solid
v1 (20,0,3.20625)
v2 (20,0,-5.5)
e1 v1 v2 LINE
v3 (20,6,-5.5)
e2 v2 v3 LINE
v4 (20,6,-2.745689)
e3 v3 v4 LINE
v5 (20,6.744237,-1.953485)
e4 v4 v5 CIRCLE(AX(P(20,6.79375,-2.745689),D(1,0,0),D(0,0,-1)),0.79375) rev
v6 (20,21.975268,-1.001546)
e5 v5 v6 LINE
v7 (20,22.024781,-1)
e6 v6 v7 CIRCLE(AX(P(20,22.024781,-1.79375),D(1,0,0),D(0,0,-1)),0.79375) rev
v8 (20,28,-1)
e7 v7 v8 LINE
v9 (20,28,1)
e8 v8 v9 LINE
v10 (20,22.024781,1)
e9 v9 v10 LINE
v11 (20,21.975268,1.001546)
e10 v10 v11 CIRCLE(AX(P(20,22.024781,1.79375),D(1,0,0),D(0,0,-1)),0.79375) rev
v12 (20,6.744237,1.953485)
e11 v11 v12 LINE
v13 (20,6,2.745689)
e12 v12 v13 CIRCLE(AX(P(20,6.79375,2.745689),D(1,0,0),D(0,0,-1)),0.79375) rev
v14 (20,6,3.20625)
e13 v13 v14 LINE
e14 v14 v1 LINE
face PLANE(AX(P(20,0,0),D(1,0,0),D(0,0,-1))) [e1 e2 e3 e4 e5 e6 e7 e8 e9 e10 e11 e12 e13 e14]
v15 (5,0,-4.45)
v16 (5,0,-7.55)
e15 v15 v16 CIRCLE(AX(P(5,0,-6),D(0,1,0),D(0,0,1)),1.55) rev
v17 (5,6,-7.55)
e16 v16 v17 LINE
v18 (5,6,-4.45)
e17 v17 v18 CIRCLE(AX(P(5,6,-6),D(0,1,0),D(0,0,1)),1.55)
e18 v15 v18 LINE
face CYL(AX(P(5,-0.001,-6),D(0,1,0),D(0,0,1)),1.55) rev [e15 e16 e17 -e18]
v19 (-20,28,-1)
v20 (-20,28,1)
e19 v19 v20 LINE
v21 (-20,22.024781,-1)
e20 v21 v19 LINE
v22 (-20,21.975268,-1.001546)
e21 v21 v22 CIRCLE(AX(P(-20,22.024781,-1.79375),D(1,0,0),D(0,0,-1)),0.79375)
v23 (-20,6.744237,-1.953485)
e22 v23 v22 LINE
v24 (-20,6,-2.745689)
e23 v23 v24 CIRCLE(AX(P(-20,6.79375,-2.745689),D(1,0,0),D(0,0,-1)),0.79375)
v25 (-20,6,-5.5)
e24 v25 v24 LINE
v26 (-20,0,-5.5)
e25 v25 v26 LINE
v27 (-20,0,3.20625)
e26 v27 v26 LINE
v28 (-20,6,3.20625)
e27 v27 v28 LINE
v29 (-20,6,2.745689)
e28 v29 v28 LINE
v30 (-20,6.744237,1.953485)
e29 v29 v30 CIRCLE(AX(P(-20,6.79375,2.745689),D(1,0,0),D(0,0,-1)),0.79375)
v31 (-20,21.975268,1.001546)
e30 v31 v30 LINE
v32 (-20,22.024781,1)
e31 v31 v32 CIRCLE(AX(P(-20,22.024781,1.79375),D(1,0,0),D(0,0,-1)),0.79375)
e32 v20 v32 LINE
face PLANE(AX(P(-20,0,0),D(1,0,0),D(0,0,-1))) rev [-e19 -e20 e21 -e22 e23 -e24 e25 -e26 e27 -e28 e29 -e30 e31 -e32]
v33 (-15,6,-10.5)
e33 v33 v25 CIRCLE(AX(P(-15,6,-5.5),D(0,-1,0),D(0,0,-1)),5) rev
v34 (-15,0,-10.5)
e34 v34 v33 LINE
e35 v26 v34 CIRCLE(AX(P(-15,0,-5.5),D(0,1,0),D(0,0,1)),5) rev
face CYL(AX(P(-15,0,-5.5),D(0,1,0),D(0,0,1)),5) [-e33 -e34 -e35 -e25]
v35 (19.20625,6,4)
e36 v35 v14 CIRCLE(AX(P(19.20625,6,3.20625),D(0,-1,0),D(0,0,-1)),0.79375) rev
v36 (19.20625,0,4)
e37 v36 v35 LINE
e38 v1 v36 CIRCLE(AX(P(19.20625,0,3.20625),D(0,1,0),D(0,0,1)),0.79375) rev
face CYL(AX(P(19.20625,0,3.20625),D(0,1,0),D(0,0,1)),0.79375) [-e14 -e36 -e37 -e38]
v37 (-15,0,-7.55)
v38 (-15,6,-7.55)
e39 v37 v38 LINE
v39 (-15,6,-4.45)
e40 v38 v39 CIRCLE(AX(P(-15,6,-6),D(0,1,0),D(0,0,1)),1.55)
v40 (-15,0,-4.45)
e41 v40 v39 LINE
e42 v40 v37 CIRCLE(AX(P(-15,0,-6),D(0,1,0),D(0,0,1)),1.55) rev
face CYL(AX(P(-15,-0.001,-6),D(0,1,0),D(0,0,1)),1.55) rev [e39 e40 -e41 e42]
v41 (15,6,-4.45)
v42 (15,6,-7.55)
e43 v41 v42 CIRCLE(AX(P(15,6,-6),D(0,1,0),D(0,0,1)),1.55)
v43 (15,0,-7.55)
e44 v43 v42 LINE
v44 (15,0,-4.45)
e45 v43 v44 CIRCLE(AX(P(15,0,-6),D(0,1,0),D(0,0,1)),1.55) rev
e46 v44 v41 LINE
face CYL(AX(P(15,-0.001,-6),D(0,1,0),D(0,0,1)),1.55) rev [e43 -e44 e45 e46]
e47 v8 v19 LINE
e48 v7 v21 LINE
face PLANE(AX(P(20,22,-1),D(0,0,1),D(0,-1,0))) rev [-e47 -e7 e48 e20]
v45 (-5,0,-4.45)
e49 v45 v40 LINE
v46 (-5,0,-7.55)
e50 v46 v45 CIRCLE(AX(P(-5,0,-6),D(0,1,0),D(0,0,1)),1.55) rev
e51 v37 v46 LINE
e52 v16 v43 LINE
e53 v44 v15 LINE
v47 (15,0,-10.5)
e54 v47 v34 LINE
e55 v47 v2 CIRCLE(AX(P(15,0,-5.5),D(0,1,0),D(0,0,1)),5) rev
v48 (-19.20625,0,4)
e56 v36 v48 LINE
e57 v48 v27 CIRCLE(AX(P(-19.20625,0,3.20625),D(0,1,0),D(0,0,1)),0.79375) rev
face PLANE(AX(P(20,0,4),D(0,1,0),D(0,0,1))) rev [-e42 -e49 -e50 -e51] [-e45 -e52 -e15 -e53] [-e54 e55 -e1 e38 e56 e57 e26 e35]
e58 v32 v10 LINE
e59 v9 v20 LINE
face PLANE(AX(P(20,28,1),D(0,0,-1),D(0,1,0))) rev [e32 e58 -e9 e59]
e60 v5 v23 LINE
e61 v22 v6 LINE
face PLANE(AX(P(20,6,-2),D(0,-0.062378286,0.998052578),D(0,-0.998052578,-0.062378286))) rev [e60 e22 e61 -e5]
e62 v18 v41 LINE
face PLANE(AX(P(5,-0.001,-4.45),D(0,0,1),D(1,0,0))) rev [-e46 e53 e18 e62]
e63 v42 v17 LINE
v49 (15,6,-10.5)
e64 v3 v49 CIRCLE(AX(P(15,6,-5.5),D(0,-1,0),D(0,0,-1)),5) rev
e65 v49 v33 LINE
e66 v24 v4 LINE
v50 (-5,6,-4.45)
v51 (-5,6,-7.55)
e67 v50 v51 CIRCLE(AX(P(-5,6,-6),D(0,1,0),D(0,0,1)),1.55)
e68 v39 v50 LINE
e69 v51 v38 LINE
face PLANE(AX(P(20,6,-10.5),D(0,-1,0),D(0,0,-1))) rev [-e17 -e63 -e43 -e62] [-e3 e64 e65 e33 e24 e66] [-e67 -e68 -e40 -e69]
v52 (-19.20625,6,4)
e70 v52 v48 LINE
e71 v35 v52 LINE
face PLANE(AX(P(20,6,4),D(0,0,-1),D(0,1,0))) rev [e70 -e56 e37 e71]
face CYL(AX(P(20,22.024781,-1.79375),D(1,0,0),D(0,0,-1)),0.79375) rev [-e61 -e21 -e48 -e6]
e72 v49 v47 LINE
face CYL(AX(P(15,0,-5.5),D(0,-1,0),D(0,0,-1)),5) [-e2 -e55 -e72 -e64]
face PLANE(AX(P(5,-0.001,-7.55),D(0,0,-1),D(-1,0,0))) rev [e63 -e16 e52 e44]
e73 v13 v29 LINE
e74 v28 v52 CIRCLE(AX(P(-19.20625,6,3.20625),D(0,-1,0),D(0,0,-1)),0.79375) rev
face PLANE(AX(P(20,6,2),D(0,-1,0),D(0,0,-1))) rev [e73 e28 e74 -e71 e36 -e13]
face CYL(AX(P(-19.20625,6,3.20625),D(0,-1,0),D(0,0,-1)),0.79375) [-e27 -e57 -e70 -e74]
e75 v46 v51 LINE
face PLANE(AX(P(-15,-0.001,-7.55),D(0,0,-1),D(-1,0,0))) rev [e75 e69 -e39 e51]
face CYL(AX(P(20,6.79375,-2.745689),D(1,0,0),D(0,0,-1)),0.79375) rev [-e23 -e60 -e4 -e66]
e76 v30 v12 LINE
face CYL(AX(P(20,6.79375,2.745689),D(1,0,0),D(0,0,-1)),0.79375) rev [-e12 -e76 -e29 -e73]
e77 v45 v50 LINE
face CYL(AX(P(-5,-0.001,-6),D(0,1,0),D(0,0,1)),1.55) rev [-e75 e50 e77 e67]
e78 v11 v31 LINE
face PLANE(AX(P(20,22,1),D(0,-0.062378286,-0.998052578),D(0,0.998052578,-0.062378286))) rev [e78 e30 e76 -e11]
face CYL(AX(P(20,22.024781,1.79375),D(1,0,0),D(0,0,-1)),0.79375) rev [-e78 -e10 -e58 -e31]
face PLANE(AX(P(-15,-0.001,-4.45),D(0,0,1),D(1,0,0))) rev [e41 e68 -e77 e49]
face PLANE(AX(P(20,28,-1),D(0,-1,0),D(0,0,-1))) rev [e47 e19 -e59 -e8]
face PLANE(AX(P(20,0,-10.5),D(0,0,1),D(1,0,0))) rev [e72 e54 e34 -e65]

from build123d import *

# Parameters (mm, degrees)
BOSS_EXTRUDE1_DEPTH = 20
CUT_EXTRUDE1_REACH  = 33.532
FILLET1_R           = 5
FILLET2_R           = 0.79375


with BuildPart() as part:
    # Sketch1 → Boss-Extrude1 (new, symmetric)
    with BuildSketch(Plane(origin=(0, 0, 0), x_dir=(0, 0, -1), z_dir=(1, 0, 0))):
        Polygon((-4, 0), (10.5, 0), (10.5, 6), (2, 6), (1, 22), (1, 28), (-1, 28), (-1, 22), (-2, 6), (-4, 6), align=None)
    extrude(amount=BOSS_EXTRUDE1_DEPTH, both=True)

    # Sketch4 → Cut-Extrude1 (cut, up to next)
    with BuildSketch(Plane(origin=(0, 6, 0), x_dir=(1, 0, 0), z_dir=(0, 1, 0)), mode=Mode.PRIVATE) as cut_extrude1_sk1:
        with BuildLine():
            Line((-15, 7.55), (-5, 7.55))
            ThreePointArc((-5, 7.55), (-3.45, 6), (-5, 4.45))
            Line((-5, 4.45), (-15, 4.45))
            ThreePointArc((-15, 4.45), (-16.55, 6), (-15, 7.55))
        make_face()
    cut_extrude1_tool1 = extrude(cut_extrude1_sk1.sketch, amount=-CUT_EXTRUDE1_REACH, mode=Mode.PRIVATE) & part.part
    # Sketch4 → Cut-Extrude1 (cut, up to next)
    with BuildSketch(Plane(origin=(0, 6, 0), x_dir=(1, 0, 0), z_dir=(0, 1, 0)), mode=Mode.PRIVATE) as cut_extrude1_sk2:
        with BuildLine():
            Line((5, 7.55), (15, 7.55))
            ThreePointArc((15, 7.55), (16.55, 6), (15, 4.45))
            Line((15, 4.45), (5, 4.45))
            ThreePointArc((5, 4.45), (3.45, 6), (5, 7.55))
        make_face()
    cut_extrude1_tool2 = extrude(cut_extrude1_sk2.sketch, amount=-CUT_EXTRUDE1_REACH, mode=Mode.PRIVATE) & part.part
    add(cut_extrude1_tool1.solids().sort_by_distance((-10, 6, -6))[0], mode=Mode.SUBTRACT)
    add(cut_extrude1_tool2.solids().sort_by_distance((10, 6, -6))[0], mode=Mode.SUBTRACT)

    # Fillet1
    fillet1_edges = [part.edges().sort_by_distance(p)[0] for p in [
        (20, 3, -10.5),
        (-20, 3, -10.5),
    ]]
    fillet(fillet1_edges, radius=FILLET1_R)

    # Fillet2
    fillet2_edges = [part.edges().sort_by_distance(p)[0] for p in [
        (-20, 3, 4),
        (0, 6, 2),
        (0, 22, 1),
        (0, 22, -1),
        (0, 6, -2),
        (20, 3, 4),
    ]]
    fillet(fillet2_edges, radius=FILLET2_R)


solid = part.part
